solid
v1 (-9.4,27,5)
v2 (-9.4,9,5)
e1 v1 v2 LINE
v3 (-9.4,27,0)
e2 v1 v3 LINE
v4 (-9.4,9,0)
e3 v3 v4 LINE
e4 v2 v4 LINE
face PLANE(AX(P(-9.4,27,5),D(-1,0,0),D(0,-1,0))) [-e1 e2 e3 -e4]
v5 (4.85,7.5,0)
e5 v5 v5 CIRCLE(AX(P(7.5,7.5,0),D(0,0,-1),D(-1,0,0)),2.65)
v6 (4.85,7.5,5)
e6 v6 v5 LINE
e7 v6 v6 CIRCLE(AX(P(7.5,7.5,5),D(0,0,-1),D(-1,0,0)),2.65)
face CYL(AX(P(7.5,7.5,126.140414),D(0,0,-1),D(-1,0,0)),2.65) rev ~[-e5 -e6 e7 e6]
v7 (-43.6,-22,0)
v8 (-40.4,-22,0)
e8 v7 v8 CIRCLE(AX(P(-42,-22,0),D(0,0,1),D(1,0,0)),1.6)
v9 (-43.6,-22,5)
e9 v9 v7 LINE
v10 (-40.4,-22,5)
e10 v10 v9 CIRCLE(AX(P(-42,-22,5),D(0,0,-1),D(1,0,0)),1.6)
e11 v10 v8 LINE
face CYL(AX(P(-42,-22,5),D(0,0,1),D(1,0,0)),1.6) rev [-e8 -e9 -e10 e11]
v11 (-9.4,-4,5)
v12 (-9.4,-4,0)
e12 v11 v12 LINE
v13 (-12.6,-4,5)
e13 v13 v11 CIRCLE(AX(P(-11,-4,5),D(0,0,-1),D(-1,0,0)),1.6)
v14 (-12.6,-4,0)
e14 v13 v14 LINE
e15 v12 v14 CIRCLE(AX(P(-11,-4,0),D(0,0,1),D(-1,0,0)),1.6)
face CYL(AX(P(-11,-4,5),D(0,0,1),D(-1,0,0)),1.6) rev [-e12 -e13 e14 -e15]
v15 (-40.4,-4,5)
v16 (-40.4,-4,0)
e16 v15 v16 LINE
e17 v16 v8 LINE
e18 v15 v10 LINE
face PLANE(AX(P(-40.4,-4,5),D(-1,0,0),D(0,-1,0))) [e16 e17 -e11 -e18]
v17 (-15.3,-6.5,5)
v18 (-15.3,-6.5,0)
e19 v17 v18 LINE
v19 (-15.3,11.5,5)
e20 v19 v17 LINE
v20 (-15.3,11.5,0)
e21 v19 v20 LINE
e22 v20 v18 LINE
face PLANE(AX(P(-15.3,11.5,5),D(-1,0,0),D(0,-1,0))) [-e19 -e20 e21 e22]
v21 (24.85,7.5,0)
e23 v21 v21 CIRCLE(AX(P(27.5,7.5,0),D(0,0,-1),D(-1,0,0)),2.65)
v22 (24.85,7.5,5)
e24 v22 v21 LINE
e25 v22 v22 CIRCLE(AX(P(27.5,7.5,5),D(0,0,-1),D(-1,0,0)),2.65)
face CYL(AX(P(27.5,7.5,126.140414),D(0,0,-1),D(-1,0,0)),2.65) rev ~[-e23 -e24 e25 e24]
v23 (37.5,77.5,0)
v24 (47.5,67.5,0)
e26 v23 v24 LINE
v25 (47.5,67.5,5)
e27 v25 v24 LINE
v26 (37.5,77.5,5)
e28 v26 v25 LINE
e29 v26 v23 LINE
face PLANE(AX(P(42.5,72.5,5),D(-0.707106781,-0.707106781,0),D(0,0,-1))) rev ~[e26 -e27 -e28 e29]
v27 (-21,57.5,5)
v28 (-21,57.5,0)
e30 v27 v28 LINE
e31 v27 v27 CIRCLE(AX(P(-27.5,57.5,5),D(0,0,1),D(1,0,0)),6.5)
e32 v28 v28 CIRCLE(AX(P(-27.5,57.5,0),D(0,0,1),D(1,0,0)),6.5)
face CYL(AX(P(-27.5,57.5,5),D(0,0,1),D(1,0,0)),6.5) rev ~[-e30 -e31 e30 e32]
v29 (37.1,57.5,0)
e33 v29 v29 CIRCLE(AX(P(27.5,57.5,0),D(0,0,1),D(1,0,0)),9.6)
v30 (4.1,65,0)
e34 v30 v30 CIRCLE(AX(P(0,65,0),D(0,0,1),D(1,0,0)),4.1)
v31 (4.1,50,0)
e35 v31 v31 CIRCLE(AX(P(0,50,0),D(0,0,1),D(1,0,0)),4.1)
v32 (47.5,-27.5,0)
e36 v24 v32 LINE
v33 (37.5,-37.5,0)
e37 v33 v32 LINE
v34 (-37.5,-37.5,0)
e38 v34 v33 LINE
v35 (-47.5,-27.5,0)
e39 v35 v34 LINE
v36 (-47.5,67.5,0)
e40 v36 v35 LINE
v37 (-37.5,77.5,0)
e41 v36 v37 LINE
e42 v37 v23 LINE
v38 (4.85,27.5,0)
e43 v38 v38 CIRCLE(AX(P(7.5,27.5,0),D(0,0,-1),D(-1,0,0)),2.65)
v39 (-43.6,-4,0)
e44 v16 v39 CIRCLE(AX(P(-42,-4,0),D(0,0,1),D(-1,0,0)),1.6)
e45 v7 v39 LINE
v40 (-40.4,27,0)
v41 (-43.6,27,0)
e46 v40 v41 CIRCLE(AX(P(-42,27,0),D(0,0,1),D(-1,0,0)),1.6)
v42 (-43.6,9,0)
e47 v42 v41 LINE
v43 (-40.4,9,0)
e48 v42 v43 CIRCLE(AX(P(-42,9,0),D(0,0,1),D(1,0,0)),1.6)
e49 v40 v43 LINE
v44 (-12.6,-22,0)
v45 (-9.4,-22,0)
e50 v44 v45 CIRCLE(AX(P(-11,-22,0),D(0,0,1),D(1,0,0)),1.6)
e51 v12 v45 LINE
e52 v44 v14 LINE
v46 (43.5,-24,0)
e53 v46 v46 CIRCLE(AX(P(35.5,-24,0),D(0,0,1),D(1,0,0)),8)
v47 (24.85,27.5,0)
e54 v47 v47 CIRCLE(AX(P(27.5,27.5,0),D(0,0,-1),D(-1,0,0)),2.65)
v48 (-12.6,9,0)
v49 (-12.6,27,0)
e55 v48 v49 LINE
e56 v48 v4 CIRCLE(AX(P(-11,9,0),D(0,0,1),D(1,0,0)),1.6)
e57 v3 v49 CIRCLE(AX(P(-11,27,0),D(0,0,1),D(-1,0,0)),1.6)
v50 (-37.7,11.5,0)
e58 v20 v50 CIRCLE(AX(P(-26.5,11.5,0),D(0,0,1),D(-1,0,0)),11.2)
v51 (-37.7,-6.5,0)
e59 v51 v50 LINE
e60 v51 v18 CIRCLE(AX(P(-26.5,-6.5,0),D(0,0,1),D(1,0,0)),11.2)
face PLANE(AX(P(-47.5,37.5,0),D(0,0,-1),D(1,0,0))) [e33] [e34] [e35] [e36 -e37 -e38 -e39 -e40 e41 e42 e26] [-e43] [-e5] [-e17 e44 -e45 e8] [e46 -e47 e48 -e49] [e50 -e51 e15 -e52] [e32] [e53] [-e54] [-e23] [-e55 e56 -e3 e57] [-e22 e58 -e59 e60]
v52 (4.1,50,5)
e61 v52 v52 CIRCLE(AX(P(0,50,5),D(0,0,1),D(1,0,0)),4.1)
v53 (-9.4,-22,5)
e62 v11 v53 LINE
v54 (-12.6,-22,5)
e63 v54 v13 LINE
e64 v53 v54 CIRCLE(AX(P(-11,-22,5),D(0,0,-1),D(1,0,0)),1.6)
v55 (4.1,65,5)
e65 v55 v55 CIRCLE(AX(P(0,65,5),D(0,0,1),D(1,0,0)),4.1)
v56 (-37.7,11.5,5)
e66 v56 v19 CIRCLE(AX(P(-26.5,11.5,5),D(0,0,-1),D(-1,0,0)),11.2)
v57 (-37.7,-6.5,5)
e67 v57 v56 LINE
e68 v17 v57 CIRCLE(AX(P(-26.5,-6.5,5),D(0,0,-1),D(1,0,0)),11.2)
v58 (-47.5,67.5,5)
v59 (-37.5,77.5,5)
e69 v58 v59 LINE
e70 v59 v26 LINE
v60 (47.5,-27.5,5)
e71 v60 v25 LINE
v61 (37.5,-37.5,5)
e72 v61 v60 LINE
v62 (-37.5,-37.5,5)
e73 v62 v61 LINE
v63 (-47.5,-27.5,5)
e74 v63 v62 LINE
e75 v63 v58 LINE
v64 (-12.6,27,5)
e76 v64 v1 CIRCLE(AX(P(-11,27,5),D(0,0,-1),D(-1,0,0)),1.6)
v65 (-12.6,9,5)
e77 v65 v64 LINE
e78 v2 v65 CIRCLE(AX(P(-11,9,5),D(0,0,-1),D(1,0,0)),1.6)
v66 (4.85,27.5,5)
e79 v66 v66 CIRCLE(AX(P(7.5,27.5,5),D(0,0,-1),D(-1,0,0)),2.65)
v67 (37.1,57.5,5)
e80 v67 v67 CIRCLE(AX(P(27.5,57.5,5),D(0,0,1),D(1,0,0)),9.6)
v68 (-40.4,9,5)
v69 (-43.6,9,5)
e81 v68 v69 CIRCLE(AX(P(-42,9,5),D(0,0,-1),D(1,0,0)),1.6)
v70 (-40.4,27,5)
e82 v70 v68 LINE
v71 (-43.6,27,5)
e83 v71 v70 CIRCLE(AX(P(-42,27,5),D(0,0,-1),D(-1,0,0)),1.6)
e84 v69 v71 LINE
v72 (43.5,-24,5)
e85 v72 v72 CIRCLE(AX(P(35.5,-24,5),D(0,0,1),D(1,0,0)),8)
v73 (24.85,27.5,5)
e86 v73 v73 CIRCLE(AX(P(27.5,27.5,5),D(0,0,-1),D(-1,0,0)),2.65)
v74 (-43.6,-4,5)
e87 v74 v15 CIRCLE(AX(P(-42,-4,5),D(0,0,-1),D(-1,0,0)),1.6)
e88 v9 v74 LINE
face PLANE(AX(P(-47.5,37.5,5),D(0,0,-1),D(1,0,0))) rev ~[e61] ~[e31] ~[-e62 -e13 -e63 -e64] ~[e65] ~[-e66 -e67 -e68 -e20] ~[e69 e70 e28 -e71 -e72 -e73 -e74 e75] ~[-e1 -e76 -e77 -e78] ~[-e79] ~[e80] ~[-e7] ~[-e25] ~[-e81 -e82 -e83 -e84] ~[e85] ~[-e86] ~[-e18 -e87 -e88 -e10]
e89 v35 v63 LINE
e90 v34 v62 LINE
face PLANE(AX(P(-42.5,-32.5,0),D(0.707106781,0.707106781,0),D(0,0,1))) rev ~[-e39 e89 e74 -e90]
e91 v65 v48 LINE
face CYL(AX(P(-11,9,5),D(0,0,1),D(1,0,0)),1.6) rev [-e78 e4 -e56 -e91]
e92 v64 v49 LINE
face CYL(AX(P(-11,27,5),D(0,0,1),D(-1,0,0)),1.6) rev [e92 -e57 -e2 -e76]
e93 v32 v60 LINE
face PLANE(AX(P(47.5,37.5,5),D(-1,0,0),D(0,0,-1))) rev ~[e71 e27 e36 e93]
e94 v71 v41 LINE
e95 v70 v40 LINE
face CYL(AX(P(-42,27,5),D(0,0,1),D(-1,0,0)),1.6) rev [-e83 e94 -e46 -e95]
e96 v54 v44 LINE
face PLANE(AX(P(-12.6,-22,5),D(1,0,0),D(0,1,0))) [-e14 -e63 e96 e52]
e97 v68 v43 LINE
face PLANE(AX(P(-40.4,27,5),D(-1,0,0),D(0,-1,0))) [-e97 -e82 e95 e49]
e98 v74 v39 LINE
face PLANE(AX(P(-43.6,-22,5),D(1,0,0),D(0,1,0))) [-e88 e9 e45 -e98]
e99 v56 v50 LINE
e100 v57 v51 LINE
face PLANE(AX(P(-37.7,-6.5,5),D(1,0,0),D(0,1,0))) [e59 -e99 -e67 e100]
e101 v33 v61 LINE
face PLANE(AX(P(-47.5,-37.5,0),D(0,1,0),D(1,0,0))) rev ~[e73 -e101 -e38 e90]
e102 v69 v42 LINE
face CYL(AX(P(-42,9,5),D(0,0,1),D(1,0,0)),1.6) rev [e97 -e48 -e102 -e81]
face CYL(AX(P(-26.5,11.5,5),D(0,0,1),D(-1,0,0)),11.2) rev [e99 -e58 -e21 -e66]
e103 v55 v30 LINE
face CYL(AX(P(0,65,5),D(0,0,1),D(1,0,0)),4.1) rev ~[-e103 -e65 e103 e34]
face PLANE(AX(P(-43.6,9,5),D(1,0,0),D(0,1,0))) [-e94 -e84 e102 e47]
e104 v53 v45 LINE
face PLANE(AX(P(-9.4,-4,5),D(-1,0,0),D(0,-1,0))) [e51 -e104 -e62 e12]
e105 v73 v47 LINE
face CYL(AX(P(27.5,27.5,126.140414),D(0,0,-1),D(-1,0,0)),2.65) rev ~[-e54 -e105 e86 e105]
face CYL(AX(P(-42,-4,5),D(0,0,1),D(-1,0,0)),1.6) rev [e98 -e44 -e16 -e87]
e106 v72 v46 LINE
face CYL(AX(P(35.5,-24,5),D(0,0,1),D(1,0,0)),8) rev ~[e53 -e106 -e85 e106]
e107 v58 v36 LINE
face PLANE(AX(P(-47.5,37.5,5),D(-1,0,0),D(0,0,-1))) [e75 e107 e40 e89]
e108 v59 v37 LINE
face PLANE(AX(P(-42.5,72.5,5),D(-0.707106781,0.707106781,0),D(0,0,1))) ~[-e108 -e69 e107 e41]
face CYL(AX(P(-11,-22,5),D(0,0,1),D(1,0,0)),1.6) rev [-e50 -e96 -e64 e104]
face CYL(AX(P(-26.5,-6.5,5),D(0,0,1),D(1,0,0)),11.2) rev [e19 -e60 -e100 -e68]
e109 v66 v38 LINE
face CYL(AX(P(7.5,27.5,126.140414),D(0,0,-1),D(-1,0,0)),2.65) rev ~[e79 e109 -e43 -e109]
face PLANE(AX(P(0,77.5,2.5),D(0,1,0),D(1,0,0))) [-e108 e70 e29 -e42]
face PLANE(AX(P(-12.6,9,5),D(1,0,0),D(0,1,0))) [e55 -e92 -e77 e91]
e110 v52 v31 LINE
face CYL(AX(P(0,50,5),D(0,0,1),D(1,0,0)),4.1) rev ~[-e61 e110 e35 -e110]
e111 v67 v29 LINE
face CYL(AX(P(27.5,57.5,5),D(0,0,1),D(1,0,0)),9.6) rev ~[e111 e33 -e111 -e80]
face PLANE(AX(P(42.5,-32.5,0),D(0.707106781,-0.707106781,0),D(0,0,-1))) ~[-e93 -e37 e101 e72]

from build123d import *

# Parameters (mm, degrees)
SKETCH_1_W          = 95
SKETCH_1_H          = 75
EXTRUDE_1_DEPTH     = 5
HOLE_WIZARD_M5_1_D  = 5.3
CUT_EXTRUDE_2_DEPTH = 6
CUT_EXTRUDE_3_REACH = 7
SKETCH_4_R          = 8
SKETCH_8_W          = 95
SKETCH_8_H          = 5
EXTRUDE_2_DEPTH     = 40
CUT_EXTRUDE_4_REACH = 7
SKETCH_9_R          = 9.6
CUT_EXTRUDE_5_REACH = 7
SKETCH_10_R         = 4.1
CUT_EXTRUDE_6_REACH = 7
SKETCH_11_R         = 6.5
CHAMFER_2_SIZE      = 10


with BuildPart() as part:
    # 草圖1 → 填料-伸長1 (new body)
    with BuildSketch(Plane.XY):
        Rectangle(SKETCH_1_W, SKETCH_1_H)
    extrude(amount=EXTRUDE_1_DEPTH)

    # M5 餘隙孔1 (through all)
    with Locations(Plane.XY.offset(5)):
        with Locations((27.5, 27.5), (7.5, 7.5), (7.5, 27.5), (27.5, 7.5)):
            Hole(HOLE_WIZARD_M5_1_D / 2)

    # 草圖6 → 除料-伸長2 (cut, through all)
    with BuildSketch(Plane.XY.offset(5)):
        with BuildLine():
            Line((-37.7, -6.5), (-37.7, 11.5))
            ThreePointArc((-37.7, 11.5), (-26.5, 22.7), (-15.3, 11.5))
            Line((-15.3, 11.5), (-15.3, -6.5))
            ThreePointArc((-15.3, -6.5), (-26.5, -17.7), (-37.7, -6.5))
        make_face()
        with BuildLine():
            Line((-40.4, 27), (-40.4, 9))
            ThreePointArc((-40.4, 9), (-42, 7.4), (-43.6, 9))
            Line((-43.6, 9), (-43.6, 27))
            ThreePointArc((-43.6, 27), (-42, 28.6), (-40.4, 27))
        make_face()
        with BuildLine():
            Line((-9.4, 27), (-9.4, 9))
            ThreePointArc((-9.4, 9), (-11, 7.4), (-12.6, 9))
            Line((-12.6, 9), (-12.6, 27))
            ThreePointArc((-12.6, 27), (-11, 28.6), (-9.4, 27))
        make_face()
        with BuildLine():
            Line((-9.4, -4), (-9.4, -22))
            ThreePointArc((-9.4, -22), (-11, -23.6), (-12.6, -22))
            Line((-12.6, -22), (-12.6, -4))
            ThreePointArc((-12.6, -4), (-11, -2.4), (-9.4, -4))
        make_face()
        with BuildLine():
            Line((-40.4, -4), (-40.4, -22))
            ThreePointArc((-40.4, -22), (-42, -23.6), (-43.6, -22))
            Line((-43.6, -22), (-43.6, -4))
            ThreePointArc((-43.6, -4), (-42, -2.4), (-40.4, -4))
        make_face()
    extrude(amount=-CUT_EXTRUDE_2_DEPTH, mode=Mode.SUBTRACT)

    # 草圖4 → 除料-伸長3 (cut, up to next)
    with BuildSketch(Plane.XY.offset(5), mode=Mode.PRIVATE) as cut_extrude_3_sk1:
        with Locations((35.5, -24)):
            Circle(SKETCH_4_R)
    cut_extrude_3_tool1 = extrude(cut_extrude_3_sk1.sketch, amount=-CUT_EXTRUDE_3_REACH, mode=Mode.PRIVATE) & part.part
    add(cut_extrude_3_tool1.solids().sort_by_distance((35.5, -24, 5))[0], mode=Mode.SUBTRACT)

    # 草圖8 → 填料-伸長2 (add)
    with BuildSketch(Plane(origin=(0, 37.5, 0), x_dir=(1, 0, 0), z_dir=(0, 1, 0))):
        with Locations((0, -2.5)):
            Rectangle(SKETCH_8_W, SKETCH_8_H)
    extrude(amount=EXTRUDE_2_DEPTH)

    # 草圖9 → 除料-伸長4 (cut, up to next)
    with BuildSketch(Plane.XY.offset(5), mode=Mode.PRIVATE) as cut_extrude_4_sk1:
        with Locations((27.5, 57.5)):
            Circle(SKETCH_9_R)
    cut_extrude_4_tool1 = extrude(cut_extrude_4_sk1.sketch, amount=-CUT_EXTRUDE_4_REACH, mode=Mode.PRIVATE) & part.part
    add(cut_extrude_4_tool1.solids().sort_by_distance((27.5, 57.5, 5))[0], mode=Mode.SUBTRACT)

    # 草圖10 → 除料-伸長5 (cut, up to next)
    with BuildSketch(Plane.XY.offset(5), mode=Mode.PRIVATE) as cut_extrude_5_sk1:
        with Locations((0, 65)):
            Circle(SKETCH_10_R)
    cut_extrude_5_tool1 = extrude(cut_extrude_5_sk1.sketch, amount=-CUT_EXTRUDE_5_REACH, mode=Mode.PRIVATE) & part.part
    add(cut_extrude_5_tool1.solids().sort_by_distance((0, 65, 5))[0], mode=Mode.SUBTRACT)
    # 草圖10 → 除料-伸長5 (cut, up to next)
    with BuildSketch(Plane.XY.offset(5), mode=Mode.PRIVATE) as cut_extrude_5_sk2:
        with Locations((0, 50)):
            Circle(SKETCH_10_R)
    cut_extrude_5_tool2 = extrude(cut_extrude_5_sk2.sketch, amount=-CUT_EXTRUDE_5_REACH, mode=Mode.PRIVATE) & part.part
    add(cut_extrude_5_tool2.solids().sort_by_distance((0, 50, 5))[0], mode=Mode.SUBTRACT)

    # 草圖11 → 除料-伸長6 (cut, up to next)
    with BuildSketch(Plane.XY.offset(5), mode=Mode.PRIVATE) as cut_extrude_6_sk1:
        with Locations((-27.5, 57.5)):
            Circle(SKETCH_11_R)
    cut_extrude_6_tool1 = extrude(cut_extrude_6_sk1.sketch, amount=-CUT_EXTRUDE_6_REACH, mode=Mode.PRIVATE) & part.part
    add(cut_extrude_6_tool1.solids().sort_by_distance((-27.5, 57.5, 5))[0], mode=Mode.SUBTRACT)

    # 導角2
    chamfer_2_edges = [part.edges().sort_by_distance(p)[0] for p in [
        (47.5, 77.5, 2.5),
        (-47.5, 77.5, 2.5),
        (47.5, -37.5, 2.5),
        (-47.5, -37.5, 2.5),
    ]]
    chamfer(chamfer_2_edges, length=CHAMFER_2_SIZE)


solid = part.part
